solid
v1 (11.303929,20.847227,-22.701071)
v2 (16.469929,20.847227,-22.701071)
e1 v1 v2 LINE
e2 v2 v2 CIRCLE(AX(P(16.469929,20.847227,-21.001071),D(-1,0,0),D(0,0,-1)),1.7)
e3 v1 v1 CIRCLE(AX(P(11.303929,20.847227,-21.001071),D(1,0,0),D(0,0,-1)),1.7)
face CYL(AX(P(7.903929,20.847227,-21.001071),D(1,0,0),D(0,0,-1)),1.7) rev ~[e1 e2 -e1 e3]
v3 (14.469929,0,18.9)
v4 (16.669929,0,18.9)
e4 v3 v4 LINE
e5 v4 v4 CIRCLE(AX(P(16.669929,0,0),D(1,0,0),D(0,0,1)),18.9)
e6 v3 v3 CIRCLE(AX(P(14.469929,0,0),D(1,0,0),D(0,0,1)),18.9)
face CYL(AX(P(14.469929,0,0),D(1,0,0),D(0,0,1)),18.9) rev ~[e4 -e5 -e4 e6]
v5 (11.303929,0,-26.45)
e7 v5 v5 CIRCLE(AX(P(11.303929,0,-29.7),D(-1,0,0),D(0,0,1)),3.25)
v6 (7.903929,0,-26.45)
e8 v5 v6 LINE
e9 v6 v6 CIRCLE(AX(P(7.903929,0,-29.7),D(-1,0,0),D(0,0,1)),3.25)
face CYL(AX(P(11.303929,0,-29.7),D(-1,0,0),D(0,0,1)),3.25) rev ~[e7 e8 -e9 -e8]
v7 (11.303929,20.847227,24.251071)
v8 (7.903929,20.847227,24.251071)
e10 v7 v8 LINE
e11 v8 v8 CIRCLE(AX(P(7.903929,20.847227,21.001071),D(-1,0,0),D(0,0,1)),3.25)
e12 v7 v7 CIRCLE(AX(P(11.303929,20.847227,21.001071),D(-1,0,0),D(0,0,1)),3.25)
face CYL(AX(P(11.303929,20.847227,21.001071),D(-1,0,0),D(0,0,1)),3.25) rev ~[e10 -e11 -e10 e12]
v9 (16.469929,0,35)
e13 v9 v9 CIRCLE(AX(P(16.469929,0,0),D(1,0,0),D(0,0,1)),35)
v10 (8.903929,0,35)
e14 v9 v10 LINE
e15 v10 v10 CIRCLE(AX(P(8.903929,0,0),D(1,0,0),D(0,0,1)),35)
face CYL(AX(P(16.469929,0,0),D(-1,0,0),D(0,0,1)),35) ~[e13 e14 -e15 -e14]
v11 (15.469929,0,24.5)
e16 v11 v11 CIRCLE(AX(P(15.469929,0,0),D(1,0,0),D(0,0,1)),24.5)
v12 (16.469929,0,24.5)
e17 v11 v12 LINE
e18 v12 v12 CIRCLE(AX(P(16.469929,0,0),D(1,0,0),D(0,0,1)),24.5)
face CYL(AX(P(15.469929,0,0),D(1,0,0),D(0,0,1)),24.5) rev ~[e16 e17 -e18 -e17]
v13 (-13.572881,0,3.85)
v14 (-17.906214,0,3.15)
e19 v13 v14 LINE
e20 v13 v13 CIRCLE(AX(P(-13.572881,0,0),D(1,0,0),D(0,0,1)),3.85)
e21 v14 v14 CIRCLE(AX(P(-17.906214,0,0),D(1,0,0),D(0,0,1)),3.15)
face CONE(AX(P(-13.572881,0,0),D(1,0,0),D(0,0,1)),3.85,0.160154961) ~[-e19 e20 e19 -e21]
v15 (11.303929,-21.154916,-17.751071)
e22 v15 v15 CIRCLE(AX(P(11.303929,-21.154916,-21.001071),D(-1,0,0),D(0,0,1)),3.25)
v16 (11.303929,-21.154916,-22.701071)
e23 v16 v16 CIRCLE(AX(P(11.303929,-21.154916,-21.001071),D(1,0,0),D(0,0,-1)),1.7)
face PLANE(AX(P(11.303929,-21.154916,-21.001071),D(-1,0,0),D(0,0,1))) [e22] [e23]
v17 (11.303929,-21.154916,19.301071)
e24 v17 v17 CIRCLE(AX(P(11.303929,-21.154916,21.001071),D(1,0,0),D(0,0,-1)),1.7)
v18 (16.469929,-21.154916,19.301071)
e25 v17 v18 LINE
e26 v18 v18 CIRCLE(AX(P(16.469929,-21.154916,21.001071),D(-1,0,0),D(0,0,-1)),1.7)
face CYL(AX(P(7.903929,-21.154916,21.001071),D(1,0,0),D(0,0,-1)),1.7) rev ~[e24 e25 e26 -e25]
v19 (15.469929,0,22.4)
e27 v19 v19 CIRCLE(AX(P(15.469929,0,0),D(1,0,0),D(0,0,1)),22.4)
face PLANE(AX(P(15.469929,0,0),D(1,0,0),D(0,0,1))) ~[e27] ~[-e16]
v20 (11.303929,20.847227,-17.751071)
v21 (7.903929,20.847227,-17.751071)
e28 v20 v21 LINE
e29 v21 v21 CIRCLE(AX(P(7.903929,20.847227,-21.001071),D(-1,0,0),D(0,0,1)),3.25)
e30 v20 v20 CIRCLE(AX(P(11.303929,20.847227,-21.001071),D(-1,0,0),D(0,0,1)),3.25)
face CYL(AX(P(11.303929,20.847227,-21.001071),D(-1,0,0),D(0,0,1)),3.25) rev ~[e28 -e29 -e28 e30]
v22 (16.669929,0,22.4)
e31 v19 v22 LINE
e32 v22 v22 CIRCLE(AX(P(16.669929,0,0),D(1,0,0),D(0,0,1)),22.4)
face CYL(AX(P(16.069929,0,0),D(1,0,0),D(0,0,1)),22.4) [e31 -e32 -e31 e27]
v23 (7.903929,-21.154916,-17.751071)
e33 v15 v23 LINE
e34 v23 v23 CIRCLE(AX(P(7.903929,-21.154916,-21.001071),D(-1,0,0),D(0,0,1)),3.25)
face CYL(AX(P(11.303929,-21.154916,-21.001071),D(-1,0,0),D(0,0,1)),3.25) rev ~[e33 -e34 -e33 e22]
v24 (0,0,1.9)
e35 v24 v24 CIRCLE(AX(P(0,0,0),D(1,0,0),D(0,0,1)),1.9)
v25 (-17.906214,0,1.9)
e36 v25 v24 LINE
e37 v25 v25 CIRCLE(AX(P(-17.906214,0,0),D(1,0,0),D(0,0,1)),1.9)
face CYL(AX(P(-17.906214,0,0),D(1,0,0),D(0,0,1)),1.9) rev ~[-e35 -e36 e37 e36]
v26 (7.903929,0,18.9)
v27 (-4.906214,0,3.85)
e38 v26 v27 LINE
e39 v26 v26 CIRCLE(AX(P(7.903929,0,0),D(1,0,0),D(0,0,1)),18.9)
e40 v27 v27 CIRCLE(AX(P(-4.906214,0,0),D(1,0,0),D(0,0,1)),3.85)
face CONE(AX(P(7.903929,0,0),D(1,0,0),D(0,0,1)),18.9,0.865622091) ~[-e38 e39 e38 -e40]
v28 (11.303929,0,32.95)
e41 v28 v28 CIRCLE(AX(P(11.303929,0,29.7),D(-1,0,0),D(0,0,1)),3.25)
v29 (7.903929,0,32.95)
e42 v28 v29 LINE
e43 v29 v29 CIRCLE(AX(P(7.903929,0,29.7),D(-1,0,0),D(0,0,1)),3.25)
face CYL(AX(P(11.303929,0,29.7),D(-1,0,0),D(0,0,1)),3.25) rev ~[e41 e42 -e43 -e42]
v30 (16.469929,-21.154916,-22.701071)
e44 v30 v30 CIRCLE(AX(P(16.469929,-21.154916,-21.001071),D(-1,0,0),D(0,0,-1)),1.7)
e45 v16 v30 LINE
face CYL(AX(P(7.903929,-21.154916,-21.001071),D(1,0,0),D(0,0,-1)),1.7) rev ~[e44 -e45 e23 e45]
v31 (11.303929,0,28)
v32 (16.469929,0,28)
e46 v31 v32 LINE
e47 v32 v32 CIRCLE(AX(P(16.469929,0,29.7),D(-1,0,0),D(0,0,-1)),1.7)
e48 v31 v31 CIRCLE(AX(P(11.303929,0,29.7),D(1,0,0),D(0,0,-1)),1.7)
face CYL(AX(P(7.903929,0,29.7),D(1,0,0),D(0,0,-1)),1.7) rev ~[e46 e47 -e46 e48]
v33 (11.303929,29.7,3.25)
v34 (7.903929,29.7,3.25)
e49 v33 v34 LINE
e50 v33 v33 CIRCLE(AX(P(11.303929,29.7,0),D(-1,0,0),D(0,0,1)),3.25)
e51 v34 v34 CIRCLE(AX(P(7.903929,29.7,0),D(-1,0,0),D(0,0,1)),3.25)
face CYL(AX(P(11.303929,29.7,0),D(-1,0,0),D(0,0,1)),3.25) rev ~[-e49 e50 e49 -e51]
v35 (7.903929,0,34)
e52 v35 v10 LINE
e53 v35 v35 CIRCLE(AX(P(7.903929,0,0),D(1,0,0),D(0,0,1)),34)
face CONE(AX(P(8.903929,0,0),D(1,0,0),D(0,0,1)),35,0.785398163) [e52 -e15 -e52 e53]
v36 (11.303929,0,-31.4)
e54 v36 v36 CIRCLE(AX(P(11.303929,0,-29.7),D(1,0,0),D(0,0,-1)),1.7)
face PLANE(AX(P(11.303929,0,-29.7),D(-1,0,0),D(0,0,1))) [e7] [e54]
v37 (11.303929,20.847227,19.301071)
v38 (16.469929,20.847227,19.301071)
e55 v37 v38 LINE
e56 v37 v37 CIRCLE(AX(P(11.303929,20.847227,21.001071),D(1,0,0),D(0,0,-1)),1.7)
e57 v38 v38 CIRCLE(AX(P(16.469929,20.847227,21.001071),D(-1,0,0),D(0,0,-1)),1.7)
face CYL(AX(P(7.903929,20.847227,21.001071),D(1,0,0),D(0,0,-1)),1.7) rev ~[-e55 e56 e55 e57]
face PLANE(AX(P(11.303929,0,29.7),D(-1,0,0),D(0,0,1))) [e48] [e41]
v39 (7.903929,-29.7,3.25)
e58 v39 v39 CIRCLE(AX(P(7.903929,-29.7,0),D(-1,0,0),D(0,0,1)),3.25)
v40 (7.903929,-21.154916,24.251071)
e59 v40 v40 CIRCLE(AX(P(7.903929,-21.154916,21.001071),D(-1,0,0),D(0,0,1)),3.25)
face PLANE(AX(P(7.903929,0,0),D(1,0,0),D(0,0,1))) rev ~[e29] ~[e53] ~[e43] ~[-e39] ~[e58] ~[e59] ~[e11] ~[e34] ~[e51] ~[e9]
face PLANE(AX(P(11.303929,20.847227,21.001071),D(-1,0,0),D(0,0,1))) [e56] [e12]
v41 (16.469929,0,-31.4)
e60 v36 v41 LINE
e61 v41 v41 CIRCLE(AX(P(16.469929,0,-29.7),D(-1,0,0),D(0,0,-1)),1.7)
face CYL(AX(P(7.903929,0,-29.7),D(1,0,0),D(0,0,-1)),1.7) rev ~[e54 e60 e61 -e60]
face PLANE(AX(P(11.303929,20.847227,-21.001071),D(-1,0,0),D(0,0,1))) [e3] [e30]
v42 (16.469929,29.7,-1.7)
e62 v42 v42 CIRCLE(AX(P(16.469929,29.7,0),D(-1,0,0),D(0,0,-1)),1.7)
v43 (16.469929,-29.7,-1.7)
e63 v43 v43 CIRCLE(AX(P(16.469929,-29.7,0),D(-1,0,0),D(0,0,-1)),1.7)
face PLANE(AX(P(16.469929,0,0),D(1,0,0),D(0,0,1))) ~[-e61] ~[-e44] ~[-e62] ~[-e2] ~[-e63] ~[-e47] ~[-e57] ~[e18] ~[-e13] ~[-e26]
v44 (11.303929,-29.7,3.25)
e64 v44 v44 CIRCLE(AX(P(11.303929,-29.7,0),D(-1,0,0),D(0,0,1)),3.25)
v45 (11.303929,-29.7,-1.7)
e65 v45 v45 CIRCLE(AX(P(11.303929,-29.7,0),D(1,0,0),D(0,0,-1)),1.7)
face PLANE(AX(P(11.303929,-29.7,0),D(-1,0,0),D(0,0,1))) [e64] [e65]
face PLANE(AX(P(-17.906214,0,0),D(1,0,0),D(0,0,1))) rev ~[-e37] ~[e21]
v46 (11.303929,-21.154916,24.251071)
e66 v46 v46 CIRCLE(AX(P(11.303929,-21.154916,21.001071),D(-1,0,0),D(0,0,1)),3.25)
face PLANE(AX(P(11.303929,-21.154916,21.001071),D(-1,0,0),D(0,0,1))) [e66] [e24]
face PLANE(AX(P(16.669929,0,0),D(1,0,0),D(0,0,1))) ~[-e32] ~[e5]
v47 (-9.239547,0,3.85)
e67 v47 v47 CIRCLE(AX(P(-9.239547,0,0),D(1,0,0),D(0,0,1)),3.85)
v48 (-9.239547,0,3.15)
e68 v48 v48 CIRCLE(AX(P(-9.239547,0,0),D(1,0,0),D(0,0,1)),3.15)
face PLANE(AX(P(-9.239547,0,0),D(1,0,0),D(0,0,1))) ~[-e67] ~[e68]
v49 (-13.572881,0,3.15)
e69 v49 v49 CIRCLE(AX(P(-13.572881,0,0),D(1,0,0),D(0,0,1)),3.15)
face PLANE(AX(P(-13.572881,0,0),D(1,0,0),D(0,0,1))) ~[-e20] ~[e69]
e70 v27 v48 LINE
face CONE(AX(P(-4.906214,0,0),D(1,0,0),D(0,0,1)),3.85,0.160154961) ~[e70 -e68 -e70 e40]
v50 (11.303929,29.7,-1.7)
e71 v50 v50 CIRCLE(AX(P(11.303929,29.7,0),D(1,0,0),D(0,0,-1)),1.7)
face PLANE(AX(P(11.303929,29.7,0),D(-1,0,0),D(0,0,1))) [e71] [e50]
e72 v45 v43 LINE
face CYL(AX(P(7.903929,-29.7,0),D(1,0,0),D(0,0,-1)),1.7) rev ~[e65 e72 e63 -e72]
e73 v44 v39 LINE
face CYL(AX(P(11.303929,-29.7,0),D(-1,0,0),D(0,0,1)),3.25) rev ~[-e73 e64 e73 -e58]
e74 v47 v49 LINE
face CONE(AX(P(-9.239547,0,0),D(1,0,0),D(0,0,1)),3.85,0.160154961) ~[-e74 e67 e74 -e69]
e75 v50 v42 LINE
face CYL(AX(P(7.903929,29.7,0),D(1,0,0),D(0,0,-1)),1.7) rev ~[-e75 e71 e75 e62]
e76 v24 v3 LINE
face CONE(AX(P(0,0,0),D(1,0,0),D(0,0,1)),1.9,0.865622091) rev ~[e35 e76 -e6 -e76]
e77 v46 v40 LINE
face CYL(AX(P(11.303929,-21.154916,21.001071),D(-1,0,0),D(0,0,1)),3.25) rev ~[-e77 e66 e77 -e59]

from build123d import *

# Parameters (mm, degrees)
SKETCH1_W                                           = 1.2
SKETCH1_H                                           = 3.5
CBORE_FOR_M3_HEX_SOCKET_HEAD_CAP_SCREW2_D           = 3.4
CBORE_FOR_M3_HEX_SOCKET_HEAD_CAP_SCREW2_DEPTH       = 8.566
CBORE_FOR_M3_HEX_SOCKET_HEAD_CAP_SCREW2_CBORE_D     = 6.5
CBORE_FOR_M3_HEX_SOCKET_HEAD_CAP_SCREW2_CBORE_DEPTH = 3.4
CBORE_FOR_M3_HEX_SOCKET_HEAD_CAP_SCREW2_TIP         = 1.021463052
CHAMFER1_SIZE                                       = 1


with BuildPart() as part:
    # Sketch1 → Revolve17 (revolve)
    with BuildSketch(Plane.XY, mode=Mode.PRIVATE) as revolve17_sk:
        Polygon((-13.572880732, 3.15), (-13.572880732, 3.85), (-17.906214066, 3.15), (-17.906214066, 1.9), (0, 1.9), (14.469928658, 18.9), (15.469928658, 18.9), (15.469928658, 22.4), (15.469928658, 24.5), (16.469928658, 24.5), (16.469928658, 35), (7.903928658, 35), (7.903928658, 18.9), (-4.906214066, 3.85), (-9.239547399, 3.15), (-9.239547399, 3.85), align=None)
        with Locations((16.069928658, 20.65)):
            Rectangle(SKETCH1_W, SKETCH1_H)
    revolve(revolve17_sk.sketch.rotate(Axis((-801.920554309, 0, 0), (1, 0, 0)), 90), axis=Axis((-801.920554309, 0, 0), (1, 0, 0)))

    # CBORE for M3 Hex Socket Head Cap Screw2
    with Locations(Plane.ZY.offset(-7.903928658)):
        with Locations((-21.001071401, -21.154915542), (0, 29.7), (29.7, 0), (-29.7, 0), (0, -29.7), (-21.001071401, 20.847227261), (21.001071401, 20.847227261), (21.001071401, -21.154915542)):
            CounterBoreHole(CBORE_FOR_M3_HEX_SOCKET_HEAD_CAP_SCREW2_D / 2, CBORE_FOR_M3_HEX_SOCKET_HEAD_CAP_SCREW2_CBORE_D / 2, CBORE_FOR_M3_HEX_SOCKET_HEAD_CAP_SCREW2_CBORE_DEPTH, depth=CBORE_FOR_M3_HEX_SOCKET_HEAD_CAP_SCREW2_DEPTH)
            with Locations((0, 0, -(CBORE_FOR_M3_HEX_SOCKET_HEAD_CAP_SCREW2_DEPTH + CBORE_FOR_M3_HEX_SOCKET_HEAD_CAP_SCREW2_TIP / 2))):  # 118° drill point
                Cone(0, CBORE_FOR_M3_HEX_SOCKET_HEAD_CAP_SCREW2_D / 2, CBORE_FOR_M3_HEX_SOCKET_HEAD_CAP_SCREW2_TIP, mode=Mode.SUBTRACT)

    # Chamfer1
    chamfer1_edges = [part.edges().sort_by_distance(p)[0] for p in [
        (7.903928658, 0, -35),
    ]]
    chamfer(chamfer1_edges, length=CHAMFER1_SIZE)


solid = part.part
